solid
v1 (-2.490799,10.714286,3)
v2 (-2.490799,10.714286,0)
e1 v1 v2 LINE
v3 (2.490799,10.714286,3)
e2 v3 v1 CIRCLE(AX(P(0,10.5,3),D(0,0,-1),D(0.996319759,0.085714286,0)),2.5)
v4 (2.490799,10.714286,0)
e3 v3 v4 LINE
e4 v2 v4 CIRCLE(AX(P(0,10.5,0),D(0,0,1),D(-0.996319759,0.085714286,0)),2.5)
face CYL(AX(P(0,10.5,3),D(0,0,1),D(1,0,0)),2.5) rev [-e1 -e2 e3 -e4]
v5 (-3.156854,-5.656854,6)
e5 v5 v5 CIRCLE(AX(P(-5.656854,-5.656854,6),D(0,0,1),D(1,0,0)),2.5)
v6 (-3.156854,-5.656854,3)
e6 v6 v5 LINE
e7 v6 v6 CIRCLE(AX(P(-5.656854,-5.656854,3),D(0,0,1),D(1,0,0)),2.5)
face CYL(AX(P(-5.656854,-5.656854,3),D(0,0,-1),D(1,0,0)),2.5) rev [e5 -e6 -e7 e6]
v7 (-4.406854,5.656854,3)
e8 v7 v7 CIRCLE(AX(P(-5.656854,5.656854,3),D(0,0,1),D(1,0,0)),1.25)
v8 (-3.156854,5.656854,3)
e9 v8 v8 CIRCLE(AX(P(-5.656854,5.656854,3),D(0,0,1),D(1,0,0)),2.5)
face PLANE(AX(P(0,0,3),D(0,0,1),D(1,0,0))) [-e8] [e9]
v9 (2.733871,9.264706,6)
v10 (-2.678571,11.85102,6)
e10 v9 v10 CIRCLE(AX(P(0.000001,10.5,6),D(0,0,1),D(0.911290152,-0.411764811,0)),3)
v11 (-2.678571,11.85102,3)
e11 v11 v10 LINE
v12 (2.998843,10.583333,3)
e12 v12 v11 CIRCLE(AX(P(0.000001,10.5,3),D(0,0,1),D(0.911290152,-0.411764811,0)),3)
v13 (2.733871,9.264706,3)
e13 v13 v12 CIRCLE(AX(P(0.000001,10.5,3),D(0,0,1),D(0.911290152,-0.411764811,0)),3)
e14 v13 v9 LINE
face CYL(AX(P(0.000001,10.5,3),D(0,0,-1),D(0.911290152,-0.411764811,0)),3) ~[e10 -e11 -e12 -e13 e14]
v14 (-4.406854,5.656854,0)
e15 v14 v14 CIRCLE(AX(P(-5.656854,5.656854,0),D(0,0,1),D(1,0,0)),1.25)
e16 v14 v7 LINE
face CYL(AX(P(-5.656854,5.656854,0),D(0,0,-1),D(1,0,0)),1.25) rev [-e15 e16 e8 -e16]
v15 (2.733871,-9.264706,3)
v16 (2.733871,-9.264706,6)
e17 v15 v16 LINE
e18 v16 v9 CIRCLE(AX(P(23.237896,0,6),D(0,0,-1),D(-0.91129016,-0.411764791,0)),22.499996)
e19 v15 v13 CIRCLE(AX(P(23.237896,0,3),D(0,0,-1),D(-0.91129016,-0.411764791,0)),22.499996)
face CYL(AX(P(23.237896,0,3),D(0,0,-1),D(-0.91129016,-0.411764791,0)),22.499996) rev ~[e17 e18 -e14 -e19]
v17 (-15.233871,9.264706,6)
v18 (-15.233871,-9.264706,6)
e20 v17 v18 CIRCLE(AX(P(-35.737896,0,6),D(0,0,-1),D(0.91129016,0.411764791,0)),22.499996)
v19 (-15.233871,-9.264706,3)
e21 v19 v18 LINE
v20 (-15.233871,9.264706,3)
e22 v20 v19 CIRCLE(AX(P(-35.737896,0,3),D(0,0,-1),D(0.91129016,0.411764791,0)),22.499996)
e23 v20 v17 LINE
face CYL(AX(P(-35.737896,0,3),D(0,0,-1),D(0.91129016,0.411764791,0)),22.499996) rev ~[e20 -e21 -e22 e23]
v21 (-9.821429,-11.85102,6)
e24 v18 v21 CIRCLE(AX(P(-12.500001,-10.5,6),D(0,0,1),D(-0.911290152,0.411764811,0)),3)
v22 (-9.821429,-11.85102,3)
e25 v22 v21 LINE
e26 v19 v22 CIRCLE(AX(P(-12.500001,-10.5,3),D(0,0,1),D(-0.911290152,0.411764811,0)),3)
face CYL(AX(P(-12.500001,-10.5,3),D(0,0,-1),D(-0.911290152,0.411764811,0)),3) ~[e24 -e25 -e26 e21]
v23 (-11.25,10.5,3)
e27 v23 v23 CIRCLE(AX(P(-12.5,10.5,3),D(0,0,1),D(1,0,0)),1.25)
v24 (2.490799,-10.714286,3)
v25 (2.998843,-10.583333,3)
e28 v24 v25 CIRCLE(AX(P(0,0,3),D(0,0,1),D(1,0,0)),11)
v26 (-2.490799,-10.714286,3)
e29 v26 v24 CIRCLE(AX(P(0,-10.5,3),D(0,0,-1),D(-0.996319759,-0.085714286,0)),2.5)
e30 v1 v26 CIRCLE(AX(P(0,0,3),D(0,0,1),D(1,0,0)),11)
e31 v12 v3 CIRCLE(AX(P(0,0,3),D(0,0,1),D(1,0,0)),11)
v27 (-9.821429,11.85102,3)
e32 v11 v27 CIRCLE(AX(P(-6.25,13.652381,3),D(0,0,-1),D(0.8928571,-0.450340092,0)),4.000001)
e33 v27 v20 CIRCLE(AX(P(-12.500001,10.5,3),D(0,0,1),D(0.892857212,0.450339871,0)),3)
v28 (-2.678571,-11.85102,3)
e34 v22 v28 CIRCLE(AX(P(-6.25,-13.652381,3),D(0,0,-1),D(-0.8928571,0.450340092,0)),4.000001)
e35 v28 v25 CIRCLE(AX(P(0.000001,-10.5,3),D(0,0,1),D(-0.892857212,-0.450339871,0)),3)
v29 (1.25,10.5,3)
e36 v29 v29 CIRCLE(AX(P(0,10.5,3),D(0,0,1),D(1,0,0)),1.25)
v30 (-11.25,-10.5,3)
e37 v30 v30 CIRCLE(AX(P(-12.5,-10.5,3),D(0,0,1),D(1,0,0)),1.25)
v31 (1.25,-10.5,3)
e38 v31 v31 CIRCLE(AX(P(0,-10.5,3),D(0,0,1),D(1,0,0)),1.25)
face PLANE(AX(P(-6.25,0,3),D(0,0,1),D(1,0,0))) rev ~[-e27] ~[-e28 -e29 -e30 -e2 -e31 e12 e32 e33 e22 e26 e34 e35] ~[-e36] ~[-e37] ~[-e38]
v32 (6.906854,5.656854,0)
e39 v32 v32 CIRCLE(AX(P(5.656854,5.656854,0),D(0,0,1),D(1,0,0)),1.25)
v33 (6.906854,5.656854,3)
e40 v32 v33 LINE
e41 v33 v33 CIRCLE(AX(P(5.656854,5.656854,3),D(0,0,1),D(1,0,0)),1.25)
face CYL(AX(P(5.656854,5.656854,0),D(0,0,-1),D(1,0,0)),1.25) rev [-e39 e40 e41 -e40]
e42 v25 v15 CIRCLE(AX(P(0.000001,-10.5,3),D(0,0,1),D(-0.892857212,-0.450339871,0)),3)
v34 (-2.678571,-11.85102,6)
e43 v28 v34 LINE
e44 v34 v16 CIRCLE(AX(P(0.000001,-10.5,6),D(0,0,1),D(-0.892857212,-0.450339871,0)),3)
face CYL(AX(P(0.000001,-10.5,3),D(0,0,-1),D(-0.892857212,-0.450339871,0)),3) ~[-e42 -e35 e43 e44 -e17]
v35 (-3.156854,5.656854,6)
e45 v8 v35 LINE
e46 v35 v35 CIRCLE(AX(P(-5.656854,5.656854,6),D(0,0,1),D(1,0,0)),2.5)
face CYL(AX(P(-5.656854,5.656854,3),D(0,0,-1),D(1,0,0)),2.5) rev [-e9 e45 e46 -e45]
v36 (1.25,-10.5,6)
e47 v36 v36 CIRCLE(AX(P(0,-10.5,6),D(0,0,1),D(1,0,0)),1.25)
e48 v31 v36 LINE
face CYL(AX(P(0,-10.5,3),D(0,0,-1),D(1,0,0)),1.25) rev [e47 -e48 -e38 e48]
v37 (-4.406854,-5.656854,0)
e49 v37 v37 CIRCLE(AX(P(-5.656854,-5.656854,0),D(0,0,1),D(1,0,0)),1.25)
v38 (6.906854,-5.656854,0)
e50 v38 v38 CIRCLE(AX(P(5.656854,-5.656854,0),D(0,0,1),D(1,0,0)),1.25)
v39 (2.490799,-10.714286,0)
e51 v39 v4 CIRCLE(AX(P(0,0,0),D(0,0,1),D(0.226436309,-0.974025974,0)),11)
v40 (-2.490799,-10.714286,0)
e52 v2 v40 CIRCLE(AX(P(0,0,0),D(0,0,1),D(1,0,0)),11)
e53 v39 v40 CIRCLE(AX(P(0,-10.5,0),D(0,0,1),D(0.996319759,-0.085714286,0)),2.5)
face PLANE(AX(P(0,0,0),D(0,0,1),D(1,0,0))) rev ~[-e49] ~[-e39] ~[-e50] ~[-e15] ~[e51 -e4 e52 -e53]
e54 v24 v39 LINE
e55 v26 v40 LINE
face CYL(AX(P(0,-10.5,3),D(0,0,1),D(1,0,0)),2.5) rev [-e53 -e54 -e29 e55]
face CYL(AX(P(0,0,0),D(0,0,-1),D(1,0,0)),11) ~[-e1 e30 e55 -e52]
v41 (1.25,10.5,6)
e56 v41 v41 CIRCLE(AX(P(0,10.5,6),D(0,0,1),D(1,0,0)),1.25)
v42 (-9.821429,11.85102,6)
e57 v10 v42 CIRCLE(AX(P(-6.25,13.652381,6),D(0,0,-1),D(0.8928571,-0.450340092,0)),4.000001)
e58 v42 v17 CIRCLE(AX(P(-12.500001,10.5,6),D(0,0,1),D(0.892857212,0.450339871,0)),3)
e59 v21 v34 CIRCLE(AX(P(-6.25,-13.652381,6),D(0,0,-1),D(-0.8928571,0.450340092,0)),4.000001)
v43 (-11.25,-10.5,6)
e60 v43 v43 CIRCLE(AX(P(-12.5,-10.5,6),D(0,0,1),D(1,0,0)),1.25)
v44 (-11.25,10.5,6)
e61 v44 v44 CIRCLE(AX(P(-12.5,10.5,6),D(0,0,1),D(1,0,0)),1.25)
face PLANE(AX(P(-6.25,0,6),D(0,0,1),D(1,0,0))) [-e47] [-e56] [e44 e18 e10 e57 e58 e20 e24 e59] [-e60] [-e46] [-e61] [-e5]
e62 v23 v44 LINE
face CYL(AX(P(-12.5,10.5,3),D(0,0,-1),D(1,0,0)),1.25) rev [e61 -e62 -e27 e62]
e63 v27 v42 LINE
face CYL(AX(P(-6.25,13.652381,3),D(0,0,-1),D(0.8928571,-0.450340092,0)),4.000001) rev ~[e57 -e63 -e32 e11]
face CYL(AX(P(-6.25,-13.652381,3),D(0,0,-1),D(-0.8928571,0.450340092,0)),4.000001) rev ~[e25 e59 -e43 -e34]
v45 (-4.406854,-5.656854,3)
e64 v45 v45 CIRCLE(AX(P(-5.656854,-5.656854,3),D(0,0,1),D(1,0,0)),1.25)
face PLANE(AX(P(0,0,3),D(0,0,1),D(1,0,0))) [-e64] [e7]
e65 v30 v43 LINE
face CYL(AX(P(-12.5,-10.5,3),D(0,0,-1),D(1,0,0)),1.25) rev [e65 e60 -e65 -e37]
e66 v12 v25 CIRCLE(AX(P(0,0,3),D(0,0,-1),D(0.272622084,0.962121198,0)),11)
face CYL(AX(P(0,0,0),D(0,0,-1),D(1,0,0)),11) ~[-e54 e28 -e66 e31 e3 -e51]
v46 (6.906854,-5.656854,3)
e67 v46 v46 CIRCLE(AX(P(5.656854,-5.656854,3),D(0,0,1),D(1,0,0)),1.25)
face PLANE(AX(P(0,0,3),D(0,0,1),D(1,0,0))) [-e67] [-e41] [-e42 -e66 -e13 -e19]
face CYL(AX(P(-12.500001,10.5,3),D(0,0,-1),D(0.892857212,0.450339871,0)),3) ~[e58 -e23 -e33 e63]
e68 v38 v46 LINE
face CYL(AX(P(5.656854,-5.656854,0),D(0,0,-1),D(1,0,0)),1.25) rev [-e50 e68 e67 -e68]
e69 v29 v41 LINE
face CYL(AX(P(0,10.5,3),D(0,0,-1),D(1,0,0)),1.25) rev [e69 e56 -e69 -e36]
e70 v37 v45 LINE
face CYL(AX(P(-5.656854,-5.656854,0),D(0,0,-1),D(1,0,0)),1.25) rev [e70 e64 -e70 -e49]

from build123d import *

# Parameters (mm, degrees)
F0_R     = 11
F0_R_2   = 1.25
F1_DEPTH = 3
F2_R     = 1.25
F2_R_2   = 2.5
F3_DEPTH = 3
F4_R     = 2.5
F5_DEPTH = 5


with BuildPart() as f1:
    # F0 (on Top) → F1 (new body)
    with BuildSketch(Plane.XY):
        Circle(F0_R)
        with Locations((-5.656854, -5.656854)):
            Circle(F0_R_2, mode=Mode.SUBTRACT)
        with Locations((5.656854, -5.656854)):
            Circle(F0_R_2, mode=Mode.SUBTRACT)
        with Locations((-5.656854, 5.656854)):
            Circle(F0_R_2, mode=Mode.SUBTRACT)
        with Locations((5.656854, 5.656854)):
            Circle(F0_R_2, mode=Mode.SUBTRACT)
    extrude(amount=F1_DEPTH)

    # F2 (on face) → F3 (join)
    with BuildSketch(Plane.XY.offset(3)):
        with BuildLine():
            ThreePointArc((-15.233871, 9.264706), (-13.2379, 0), (-15.233871, -9.264706))
            ThreePointArc((-15.233871, -9.264706), (-13.793453, -13.20684), (-9.821429, -11.85102))
            ThreePointArc((-9.821429, -11.85102), (-6.25, -9.65238), (-2.678571, -11.85102))
            ThreePointArc((-2.678571, -11.85102), (1.293453, -13.20684), (2.733871, -9.264706))
            ThreePointArc((2.733871, -9.264706), (0.7379, 0), (2.733871, 9.264706))
            ThreePointArc((2.733871, 9.264706), (1.293453, 13.20684), (-2.678571, 11.85102))
            ThreePointArc((-2.678571, 11.85102), (-6.25, 9.65238), (-9.821429, 11.85102))
            ThreePointArc((-9.821429, 11.85102), (-13.793453, 13.20684), (-15.233871, 9.264706))
        make_face()
        with Locations((-12.5, -10.5)):
            Circle(F2_R, mode=Mode.SUBTRACT)
        with Locations((0, -10.5)):
            Circle(F2_R, mode=Mode.SUBTRACT)
        with Locations((-5.656854, -5.656854)):
            Circle(F2_R_2, mode=Mode.SUBTRACT)
        with Locations((-12.5, 10.5)):
            Circle(F2_R, mode=Mode.SUBTRACT)
        with Locations((-5.656854, 5.656854)):
            Circle(F2_R_2, mode=Mode.SUBTRACT)
        with Locations((0, 10.5)):
            Circle(F2_R, mode=Mode.SUBTRACT)
    extrude(amount=F3_DEPTH)

    # F4 (on face) → F5 (cut)
    with BuildSketch(Plane(origin=(0, 0, 3), x_dir=(1, 0, 0), z_dir=(0, 0, -1))):
        with Locations((0, 10.5)):
            Circle(F4_R)
        with Locations((0, -10.5)):
            Circle(F4_R)
    extrude(amount=F5_DEPTH, mode=Mode.SUBTRACT)


solid = f1.part
